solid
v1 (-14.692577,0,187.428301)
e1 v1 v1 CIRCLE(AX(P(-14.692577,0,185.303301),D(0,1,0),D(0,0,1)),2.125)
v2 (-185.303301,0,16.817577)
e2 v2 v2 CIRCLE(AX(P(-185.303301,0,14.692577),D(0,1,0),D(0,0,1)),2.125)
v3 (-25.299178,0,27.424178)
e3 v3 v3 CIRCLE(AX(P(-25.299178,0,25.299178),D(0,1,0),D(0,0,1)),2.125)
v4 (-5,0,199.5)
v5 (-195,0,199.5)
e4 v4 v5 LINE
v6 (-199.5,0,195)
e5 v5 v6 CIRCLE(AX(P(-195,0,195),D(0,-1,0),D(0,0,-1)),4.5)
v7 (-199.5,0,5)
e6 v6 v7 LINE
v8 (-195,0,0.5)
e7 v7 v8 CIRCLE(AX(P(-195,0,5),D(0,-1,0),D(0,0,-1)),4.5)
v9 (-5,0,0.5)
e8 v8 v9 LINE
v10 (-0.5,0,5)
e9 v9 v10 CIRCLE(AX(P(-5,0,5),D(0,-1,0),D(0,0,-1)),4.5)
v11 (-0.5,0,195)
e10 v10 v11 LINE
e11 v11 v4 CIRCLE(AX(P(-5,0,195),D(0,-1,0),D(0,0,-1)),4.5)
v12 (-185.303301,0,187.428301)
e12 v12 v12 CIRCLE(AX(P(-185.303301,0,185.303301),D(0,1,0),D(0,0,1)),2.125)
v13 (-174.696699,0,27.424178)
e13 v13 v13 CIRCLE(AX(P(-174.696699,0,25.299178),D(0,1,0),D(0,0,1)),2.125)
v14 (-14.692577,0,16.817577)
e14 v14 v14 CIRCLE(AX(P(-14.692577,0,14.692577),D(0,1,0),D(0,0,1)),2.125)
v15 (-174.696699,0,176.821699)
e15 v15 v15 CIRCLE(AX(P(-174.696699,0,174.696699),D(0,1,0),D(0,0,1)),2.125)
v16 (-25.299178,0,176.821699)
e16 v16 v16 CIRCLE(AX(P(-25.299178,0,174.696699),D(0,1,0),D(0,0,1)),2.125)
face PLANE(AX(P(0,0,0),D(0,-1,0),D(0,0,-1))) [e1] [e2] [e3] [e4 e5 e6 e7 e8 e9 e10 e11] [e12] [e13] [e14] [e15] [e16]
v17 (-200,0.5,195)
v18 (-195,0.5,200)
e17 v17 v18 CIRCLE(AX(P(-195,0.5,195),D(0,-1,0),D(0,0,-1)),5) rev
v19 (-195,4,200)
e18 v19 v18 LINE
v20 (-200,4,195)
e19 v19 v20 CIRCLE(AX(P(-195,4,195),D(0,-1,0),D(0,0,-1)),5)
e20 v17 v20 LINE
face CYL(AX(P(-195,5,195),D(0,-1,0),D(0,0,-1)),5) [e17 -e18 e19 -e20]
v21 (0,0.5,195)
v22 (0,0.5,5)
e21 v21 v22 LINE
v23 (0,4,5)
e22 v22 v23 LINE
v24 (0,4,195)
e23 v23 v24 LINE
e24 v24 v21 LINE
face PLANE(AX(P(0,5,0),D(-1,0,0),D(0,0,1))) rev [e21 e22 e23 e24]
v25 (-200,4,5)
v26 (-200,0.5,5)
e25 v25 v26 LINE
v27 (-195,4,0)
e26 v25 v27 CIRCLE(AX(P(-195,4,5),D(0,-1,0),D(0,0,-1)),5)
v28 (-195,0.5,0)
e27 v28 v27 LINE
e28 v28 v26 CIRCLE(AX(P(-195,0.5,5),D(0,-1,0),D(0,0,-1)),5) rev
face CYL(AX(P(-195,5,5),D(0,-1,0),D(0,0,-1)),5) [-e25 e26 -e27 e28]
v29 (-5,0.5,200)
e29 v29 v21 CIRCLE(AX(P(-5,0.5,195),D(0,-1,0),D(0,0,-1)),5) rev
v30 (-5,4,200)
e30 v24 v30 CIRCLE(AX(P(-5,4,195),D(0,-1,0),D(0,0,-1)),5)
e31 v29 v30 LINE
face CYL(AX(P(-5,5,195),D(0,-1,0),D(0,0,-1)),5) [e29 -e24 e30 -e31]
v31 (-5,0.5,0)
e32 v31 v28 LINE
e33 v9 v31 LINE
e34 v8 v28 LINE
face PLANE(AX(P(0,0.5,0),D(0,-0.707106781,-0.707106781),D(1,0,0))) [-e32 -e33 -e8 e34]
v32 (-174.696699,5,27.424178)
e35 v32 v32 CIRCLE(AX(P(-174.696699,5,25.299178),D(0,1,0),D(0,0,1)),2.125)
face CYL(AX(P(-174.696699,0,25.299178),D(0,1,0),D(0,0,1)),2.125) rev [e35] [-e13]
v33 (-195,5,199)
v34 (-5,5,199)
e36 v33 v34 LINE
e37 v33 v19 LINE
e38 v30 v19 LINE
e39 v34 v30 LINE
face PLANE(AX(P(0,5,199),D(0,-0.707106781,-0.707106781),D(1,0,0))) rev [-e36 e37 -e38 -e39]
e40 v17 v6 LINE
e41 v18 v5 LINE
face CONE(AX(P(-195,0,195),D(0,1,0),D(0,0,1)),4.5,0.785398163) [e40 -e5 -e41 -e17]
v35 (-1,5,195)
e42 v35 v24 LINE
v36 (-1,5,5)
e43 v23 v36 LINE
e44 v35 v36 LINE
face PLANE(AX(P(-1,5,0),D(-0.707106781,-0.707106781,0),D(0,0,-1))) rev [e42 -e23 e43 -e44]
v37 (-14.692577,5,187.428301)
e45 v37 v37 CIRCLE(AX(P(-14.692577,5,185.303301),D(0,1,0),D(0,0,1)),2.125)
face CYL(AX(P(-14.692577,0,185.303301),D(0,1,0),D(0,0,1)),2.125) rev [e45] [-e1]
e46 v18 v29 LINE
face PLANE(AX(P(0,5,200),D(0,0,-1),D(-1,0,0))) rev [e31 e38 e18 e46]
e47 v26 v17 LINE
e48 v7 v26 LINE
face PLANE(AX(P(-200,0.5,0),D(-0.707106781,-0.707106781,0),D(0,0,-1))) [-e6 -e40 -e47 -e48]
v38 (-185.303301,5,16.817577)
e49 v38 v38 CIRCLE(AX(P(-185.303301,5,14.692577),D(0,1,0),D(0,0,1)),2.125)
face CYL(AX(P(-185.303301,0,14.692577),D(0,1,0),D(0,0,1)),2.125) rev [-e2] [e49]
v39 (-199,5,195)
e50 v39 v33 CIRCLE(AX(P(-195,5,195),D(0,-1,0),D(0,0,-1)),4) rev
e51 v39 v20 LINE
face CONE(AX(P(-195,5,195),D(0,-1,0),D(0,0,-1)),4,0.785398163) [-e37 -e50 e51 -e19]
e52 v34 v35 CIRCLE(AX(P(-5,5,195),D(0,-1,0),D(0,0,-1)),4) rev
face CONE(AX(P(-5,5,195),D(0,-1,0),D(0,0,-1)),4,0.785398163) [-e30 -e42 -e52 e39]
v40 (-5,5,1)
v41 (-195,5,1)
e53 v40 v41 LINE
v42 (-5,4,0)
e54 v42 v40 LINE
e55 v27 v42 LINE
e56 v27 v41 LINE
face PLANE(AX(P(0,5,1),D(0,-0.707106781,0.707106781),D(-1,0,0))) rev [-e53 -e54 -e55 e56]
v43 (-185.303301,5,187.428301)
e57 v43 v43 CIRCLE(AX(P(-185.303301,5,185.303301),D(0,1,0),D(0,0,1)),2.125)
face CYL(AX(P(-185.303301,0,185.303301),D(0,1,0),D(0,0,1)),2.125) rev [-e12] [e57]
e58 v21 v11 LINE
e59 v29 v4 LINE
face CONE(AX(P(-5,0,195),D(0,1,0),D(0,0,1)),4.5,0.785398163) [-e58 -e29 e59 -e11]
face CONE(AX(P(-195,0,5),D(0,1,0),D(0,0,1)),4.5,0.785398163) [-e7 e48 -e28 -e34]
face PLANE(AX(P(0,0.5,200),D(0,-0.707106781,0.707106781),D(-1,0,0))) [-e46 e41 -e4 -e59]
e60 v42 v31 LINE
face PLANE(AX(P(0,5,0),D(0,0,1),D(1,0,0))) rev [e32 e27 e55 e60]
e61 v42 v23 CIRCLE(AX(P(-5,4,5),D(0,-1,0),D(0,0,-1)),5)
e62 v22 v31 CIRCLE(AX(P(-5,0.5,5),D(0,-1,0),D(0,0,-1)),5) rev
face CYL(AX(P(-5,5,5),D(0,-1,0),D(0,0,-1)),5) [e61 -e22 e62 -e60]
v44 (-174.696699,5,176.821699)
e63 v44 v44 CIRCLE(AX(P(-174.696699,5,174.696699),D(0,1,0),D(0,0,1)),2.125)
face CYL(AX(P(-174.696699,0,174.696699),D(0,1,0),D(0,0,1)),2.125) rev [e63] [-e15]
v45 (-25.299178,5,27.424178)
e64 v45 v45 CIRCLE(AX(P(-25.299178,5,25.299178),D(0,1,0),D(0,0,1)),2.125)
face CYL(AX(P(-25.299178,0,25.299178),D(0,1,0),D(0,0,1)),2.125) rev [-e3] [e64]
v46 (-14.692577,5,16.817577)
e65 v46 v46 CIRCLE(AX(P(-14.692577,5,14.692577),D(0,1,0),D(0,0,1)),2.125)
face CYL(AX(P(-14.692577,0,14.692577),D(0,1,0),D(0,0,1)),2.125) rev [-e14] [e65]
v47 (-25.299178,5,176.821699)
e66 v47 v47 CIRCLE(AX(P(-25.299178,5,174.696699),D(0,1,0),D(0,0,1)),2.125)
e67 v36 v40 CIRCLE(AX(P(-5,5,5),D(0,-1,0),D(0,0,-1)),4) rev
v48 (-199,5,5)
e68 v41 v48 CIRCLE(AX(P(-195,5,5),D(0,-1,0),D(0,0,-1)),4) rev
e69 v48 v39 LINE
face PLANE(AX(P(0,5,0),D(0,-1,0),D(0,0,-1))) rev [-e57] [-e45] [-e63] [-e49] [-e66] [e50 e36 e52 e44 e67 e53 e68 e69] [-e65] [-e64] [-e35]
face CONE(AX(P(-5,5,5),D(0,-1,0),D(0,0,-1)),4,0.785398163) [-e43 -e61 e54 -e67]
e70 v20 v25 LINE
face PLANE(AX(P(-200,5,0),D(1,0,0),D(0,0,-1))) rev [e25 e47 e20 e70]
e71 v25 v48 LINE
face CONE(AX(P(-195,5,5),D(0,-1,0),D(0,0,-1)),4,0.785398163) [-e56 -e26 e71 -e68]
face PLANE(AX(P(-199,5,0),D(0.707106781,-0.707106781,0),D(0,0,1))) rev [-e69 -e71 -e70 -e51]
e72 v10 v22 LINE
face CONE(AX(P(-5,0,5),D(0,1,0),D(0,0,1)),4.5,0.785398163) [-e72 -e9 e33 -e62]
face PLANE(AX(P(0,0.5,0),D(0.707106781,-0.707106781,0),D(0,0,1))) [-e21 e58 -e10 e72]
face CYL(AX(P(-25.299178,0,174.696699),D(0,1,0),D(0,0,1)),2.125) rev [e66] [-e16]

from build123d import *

# Parameters (mm, degrees)
SKETCH1_W           = 200
SKETCH1_H           = 200
BOSS_EXTRUDE1_DEPTH = 5
SKETCH2_R           = 2.125
CUT_EXTRUDE1_DEPTH  = 283.886903196
FILLET1_R           = 5
CHAMFER1_SIZE       = 1
CHAMFER2_SIZE       = 0.5


with BuildPart() as part:
    # Sketch1 → Boss-Extrude1 (new body)
    with BuildSketch(Plane(origin=(0, 0, 0), x_dir=(1, 0, 0), z_dir=(0, 1, 0))):
        with Locations((-100, -100)):
            Rectangle(SKETCH1_W, SKETCH1_H)
    extrude(amount=BOSS_EXTRUDE1_DEPTH)

    # Sketch2 → Cut-Extrude1 (cut, through all)
    with BuildSketch(Plane(origin=(0, 5, 0), x_dir=(1, 0, 0), z_dir=(0, 1, 0))):
        with Locations(Location((-185.303300859, -185.303300859, 0), (0, 0, 270))):
            Circle(SKETCH2_R)
        with Locations(Location((-174.696699141, -174.696699141, 0), (0, 0, 270))):
            Circle(SKETCH2_R)
        with Locations(Location((-185.303300859, -14.692576694, 0), (0, 0, 270))):
            Circle(SKETCH2_R)
        with Locations(Location((-174.696699141, -25.299178412, 0), (0, 0, 270))):
            Circle(SKETCH2_R)
        with Locations(Location((-14.692576694, -14.692576694, 0), (0, 0, 270))):
            Circle(SKETCH2_R)
        with Locations(Location((-25.299178412, -25.299178412, 0), (0, 0, 270))):
            Circle(SKETCH2_R)
        with Locations(Location((-14.692576694, -185.303300859, 0), (0, 0, 270))):
            Circle(SKETCH2_R)
        with Locations(Location((-25.299178412, -174.696699141, 0), (0, 0, 270))):
            Circle(SKETCH2_R)
    extrude(amount=-CUT_EXTRUDE1_DEPTH, mode=Mode.SUBTRACT)

    # Fillet1
    fillet1_edges = [part.edges().sort_by_distance(p)[0] for p in [
        (0, 2.5, 200),
        (-200, 2.5, 200),
        (-200, 2.5, 0),
        (0, 2.5, 0),
    ]]
    fillet(fillet1_edges, radius=FILLET1_R)

    # Chamfer1
    chamfer1_edges = [part.edges().sort_by_distance(p)[0] for p in [
        (-200, 5, 100),
        (-100, 5, 0),
        (0, 5, 100),
        (-100, 5, 200),
        (-198.535533906, 5, 198.535533906),
        (-1.464466094, 5, 198.535533906),
        (-1.464466094, 5, 1.464466094),
        (-198.535533906, 5, 1.464466094),
    ]]
    chamfer(chamfer1_edges, length=CHAMFER1_SIZE)

    # Chamfer2
    chamfer2_edges = [part.edges().sort_by_distance(p)[0] for p in [
        (-200, 0, 100),
        (0, 0, 100),
        (-100, 0, 200),
        (-100, 0, 0),
        (-198.535533906, 0, 198.535533906),
        (-1.464466094, 0, 198.535533906),
        (-1.464466094, 0, 1.464466094),
        (-198.535533906, 0, 1.464466094),
    ]]
    chamfer(chamfer2_edges, length=CHAMFER2_SIZE)


solid = part.part
